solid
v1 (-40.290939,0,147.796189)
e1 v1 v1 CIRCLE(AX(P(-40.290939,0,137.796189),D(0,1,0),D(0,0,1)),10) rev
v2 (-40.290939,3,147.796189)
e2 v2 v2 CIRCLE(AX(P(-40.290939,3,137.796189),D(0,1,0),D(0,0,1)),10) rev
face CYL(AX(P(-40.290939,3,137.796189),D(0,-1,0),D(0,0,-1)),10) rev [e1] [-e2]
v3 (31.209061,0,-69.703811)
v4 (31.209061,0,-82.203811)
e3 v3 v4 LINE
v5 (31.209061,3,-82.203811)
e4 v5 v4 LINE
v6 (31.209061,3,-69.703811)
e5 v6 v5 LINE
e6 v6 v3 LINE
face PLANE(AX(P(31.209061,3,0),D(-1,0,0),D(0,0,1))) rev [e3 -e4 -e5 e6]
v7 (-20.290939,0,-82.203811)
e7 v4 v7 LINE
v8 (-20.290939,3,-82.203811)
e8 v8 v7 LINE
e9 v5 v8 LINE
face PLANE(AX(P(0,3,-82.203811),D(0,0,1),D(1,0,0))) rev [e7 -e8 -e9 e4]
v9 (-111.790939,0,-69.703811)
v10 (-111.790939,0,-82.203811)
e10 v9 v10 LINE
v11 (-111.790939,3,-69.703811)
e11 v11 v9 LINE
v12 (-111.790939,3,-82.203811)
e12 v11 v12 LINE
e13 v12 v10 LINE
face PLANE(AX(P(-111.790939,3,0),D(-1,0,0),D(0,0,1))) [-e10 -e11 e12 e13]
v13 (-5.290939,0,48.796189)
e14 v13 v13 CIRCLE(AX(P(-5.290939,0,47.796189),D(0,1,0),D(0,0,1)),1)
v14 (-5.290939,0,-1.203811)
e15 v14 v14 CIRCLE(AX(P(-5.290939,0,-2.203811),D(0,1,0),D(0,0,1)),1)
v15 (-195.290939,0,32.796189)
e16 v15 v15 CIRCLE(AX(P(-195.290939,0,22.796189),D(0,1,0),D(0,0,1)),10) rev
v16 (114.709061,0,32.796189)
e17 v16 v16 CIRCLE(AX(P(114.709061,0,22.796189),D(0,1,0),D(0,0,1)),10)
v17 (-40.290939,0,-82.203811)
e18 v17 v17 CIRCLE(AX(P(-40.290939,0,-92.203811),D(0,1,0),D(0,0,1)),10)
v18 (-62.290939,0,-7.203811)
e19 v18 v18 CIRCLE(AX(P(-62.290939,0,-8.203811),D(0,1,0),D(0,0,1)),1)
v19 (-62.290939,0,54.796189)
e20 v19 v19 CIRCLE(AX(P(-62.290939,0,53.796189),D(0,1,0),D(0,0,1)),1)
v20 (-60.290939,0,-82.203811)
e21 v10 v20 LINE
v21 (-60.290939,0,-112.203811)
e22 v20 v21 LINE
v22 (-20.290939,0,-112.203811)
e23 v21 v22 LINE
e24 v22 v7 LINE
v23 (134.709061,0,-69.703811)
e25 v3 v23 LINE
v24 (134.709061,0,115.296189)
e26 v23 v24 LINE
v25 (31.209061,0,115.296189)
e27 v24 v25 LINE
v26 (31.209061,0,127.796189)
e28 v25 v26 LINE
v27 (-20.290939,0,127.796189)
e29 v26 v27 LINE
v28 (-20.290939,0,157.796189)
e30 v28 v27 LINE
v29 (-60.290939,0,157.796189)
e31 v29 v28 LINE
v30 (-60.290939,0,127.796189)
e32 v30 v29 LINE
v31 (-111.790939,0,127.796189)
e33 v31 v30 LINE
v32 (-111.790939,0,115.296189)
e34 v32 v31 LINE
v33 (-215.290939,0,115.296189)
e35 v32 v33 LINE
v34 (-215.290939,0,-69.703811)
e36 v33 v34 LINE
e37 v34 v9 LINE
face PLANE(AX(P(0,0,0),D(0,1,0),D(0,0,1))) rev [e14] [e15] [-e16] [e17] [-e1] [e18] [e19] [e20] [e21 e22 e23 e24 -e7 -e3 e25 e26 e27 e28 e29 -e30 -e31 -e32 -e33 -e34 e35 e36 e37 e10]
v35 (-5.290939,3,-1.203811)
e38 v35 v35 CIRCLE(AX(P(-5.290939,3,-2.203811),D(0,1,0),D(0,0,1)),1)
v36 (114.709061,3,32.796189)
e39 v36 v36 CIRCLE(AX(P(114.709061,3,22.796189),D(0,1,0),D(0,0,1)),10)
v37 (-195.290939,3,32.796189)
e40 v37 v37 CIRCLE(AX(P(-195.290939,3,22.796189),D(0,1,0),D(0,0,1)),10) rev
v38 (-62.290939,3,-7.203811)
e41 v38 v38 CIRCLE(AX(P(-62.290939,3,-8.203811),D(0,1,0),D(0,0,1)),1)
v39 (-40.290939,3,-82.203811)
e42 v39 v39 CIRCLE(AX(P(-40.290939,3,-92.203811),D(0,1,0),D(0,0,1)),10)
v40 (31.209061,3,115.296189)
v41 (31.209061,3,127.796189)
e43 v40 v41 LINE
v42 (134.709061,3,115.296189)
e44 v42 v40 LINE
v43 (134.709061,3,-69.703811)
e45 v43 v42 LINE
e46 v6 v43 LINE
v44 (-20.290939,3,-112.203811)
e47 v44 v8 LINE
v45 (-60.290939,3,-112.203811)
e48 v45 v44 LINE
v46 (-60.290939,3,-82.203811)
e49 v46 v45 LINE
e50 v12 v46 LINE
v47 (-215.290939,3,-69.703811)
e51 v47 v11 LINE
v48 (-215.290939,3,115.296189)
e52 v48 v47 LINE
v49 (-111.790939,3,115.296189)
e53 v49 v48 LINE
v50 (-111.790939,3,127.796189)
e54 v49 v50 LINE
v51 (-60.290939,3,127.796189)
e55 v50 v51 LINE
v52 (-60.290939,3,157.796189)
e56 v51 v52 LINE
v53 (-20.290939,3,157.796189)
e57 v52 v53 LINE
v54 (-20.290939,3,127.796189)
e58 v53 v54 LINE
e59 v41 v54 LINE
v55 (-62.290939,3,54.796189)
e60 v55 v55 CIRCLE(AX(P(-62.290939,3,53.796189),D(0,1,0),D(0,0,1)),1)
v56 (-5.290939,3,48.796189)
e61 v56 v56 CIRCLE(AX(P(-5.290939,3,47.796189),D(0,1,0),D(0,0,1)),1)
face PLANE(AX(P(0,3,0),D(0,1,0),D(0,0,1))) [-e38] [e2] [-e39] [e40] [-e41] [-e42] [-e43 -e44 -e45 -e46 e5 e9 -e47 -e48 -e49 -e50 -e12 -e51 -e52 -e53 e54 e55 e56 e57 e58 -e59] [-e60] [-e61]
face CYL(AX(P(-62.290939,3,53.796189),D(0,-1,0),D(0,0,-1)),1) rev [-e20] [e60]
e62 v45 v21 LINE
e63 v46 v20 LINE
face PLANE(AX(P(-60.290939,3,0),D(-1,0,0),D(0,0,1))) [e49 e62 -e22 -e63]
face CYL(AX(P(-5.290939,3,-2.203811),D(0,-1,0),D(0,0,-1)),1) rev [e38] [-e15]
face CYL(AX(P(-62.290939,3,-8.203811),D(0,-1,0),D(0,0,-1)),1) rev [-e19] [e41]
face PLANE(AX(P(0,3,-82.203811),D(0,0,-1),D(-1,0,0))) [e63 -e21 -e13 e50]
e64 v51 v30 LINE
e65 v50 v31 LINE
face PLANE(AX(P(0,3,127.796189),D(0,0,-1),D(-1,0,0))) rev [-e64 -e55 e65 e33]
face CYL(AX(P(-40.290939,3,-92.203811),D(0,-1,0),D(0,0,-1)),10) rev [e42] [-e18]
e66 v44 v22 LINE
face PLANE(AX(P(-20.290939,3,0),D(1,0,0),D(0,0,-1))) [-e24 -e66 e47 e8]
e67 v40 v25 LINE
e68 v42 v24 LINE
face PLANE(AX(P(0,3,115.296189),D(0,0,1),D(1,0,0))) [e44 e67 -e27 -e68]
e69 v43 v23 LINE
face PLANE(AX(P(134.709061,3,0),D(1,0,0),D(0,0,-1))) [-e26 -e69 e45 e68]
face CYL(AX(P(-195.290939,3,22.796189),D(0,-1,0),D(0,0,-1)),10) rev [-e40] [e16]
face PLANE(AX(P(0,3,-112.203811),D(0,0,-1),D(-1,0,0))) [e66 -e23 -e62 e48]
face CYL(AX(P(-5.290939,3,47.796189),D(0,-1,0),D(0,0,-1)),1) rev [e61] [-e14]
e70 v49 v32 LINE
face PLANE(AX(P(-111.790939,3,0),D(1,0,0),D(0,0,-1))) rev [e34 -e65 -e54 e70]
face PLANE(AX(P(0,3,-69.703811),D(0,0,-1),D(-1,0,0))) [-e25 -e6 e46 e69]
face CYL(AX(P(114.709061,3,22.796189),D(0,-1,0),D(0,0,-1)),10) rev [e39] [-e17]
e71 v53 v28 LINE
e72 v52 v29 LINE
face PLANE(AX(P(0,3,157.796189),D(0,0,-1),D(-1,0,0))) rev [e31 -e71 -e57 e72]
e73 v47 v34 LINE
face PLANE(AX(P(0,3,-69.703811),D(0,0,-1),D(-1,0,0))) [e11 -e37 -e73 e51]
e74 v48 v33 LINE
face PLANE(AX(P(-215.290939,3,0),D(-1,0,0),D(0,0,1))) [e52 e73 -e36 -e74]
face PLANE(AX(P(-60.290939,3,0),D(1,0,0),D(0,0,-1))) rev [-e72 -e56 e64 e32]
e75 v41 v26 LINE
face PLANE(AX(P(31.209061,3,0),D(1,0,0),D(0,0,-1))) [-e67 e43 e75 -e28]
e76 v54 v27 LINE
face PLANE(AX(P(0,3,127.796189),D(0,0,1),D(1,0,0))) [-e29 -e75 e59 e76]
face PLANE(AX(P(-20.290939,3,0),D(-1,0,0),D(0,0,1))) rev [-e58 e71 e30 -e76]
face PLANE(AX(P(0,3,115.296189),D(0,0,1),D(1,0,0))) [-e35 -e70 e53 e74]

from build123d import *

# Parameters (mm, degrees)
SKETCH1_R           = 1
SKETCH1_R_2         = 10
BOSS_EXTRUDE1_DEPTH = 3


with BuildPart() as part:
    # Sketch1 → Boss-Extrude1 (new body)
    with BuildSketch(Plane(origin=(0, 0, 0), x_dir=(1, 0, 0), z_dir=(0, 1, 0))):
        Polygon((-111.790938792, 69.703810947), (-111.790938792, 82.203810947), (-60.290938792, 82.203810947), (-60.290938792, 112.203810947), (-20.290938792, 112.203810947), (-20.290938792, 82.203810947), (31.209061208, 82.203810947), (31.209061208, 69.703810947), (134.709061208, 69.703810947), (134.709061208, -115.296189053), (31.209061208, -115.296189053), (31.209061208, -127.796189053), (-20.290938792, -127.796189053), (-20.290938792, -157.796189053), (-60.290938792, -157.796189053), (-60.290938792, -127.796189053), (-111.790938792, -127.796189053), (-111.790938792, -115.296189053), (-215.290938792, -115.296189053), (-215.290938792, 69.703810947), align=None)
        with Locations((-5.290938792, -47.796189053)):
            Circle(SKETCH1_R, mode=Mode.SUBTRACT)
        with Locations((-5.290938792, 2.203810947)):
            Circle(SKETCH1_R, mode=Mode.SUBTRACT)
        with Locations((-62.290938792, -53.796189053)):
            Circle(SKETCH1_R, mode=Mode.SUBTRACT)
        with Locations((-62.290938792, 8.203810947)):
            Circle(SKETCH1_R, mode=Mode.SUBTRACT)
        with Locations((-40.290938792, 92.203810947)):
            Circle(SKETCH1_R_2, mode=Mode.SUBTRACT)
        with Locations((-40.290938792, -137.796189053)):
            Circle(SKETCH1_R_2, mode=Mode.SUBTRACT)
        with Locations((114.709061208, -22.796189053)):
            Circle(SKETCH1_R_2, mode=Mode.SUBTRACT)
        with Locations((-195.290938792, -22.796189053)):
            Circle(SKETCH1_R_2, mode=Mode.SUBTRACT)
    extrude(amount=BOSS_EXTRUDE1_DEPTH)


solid = part.part
